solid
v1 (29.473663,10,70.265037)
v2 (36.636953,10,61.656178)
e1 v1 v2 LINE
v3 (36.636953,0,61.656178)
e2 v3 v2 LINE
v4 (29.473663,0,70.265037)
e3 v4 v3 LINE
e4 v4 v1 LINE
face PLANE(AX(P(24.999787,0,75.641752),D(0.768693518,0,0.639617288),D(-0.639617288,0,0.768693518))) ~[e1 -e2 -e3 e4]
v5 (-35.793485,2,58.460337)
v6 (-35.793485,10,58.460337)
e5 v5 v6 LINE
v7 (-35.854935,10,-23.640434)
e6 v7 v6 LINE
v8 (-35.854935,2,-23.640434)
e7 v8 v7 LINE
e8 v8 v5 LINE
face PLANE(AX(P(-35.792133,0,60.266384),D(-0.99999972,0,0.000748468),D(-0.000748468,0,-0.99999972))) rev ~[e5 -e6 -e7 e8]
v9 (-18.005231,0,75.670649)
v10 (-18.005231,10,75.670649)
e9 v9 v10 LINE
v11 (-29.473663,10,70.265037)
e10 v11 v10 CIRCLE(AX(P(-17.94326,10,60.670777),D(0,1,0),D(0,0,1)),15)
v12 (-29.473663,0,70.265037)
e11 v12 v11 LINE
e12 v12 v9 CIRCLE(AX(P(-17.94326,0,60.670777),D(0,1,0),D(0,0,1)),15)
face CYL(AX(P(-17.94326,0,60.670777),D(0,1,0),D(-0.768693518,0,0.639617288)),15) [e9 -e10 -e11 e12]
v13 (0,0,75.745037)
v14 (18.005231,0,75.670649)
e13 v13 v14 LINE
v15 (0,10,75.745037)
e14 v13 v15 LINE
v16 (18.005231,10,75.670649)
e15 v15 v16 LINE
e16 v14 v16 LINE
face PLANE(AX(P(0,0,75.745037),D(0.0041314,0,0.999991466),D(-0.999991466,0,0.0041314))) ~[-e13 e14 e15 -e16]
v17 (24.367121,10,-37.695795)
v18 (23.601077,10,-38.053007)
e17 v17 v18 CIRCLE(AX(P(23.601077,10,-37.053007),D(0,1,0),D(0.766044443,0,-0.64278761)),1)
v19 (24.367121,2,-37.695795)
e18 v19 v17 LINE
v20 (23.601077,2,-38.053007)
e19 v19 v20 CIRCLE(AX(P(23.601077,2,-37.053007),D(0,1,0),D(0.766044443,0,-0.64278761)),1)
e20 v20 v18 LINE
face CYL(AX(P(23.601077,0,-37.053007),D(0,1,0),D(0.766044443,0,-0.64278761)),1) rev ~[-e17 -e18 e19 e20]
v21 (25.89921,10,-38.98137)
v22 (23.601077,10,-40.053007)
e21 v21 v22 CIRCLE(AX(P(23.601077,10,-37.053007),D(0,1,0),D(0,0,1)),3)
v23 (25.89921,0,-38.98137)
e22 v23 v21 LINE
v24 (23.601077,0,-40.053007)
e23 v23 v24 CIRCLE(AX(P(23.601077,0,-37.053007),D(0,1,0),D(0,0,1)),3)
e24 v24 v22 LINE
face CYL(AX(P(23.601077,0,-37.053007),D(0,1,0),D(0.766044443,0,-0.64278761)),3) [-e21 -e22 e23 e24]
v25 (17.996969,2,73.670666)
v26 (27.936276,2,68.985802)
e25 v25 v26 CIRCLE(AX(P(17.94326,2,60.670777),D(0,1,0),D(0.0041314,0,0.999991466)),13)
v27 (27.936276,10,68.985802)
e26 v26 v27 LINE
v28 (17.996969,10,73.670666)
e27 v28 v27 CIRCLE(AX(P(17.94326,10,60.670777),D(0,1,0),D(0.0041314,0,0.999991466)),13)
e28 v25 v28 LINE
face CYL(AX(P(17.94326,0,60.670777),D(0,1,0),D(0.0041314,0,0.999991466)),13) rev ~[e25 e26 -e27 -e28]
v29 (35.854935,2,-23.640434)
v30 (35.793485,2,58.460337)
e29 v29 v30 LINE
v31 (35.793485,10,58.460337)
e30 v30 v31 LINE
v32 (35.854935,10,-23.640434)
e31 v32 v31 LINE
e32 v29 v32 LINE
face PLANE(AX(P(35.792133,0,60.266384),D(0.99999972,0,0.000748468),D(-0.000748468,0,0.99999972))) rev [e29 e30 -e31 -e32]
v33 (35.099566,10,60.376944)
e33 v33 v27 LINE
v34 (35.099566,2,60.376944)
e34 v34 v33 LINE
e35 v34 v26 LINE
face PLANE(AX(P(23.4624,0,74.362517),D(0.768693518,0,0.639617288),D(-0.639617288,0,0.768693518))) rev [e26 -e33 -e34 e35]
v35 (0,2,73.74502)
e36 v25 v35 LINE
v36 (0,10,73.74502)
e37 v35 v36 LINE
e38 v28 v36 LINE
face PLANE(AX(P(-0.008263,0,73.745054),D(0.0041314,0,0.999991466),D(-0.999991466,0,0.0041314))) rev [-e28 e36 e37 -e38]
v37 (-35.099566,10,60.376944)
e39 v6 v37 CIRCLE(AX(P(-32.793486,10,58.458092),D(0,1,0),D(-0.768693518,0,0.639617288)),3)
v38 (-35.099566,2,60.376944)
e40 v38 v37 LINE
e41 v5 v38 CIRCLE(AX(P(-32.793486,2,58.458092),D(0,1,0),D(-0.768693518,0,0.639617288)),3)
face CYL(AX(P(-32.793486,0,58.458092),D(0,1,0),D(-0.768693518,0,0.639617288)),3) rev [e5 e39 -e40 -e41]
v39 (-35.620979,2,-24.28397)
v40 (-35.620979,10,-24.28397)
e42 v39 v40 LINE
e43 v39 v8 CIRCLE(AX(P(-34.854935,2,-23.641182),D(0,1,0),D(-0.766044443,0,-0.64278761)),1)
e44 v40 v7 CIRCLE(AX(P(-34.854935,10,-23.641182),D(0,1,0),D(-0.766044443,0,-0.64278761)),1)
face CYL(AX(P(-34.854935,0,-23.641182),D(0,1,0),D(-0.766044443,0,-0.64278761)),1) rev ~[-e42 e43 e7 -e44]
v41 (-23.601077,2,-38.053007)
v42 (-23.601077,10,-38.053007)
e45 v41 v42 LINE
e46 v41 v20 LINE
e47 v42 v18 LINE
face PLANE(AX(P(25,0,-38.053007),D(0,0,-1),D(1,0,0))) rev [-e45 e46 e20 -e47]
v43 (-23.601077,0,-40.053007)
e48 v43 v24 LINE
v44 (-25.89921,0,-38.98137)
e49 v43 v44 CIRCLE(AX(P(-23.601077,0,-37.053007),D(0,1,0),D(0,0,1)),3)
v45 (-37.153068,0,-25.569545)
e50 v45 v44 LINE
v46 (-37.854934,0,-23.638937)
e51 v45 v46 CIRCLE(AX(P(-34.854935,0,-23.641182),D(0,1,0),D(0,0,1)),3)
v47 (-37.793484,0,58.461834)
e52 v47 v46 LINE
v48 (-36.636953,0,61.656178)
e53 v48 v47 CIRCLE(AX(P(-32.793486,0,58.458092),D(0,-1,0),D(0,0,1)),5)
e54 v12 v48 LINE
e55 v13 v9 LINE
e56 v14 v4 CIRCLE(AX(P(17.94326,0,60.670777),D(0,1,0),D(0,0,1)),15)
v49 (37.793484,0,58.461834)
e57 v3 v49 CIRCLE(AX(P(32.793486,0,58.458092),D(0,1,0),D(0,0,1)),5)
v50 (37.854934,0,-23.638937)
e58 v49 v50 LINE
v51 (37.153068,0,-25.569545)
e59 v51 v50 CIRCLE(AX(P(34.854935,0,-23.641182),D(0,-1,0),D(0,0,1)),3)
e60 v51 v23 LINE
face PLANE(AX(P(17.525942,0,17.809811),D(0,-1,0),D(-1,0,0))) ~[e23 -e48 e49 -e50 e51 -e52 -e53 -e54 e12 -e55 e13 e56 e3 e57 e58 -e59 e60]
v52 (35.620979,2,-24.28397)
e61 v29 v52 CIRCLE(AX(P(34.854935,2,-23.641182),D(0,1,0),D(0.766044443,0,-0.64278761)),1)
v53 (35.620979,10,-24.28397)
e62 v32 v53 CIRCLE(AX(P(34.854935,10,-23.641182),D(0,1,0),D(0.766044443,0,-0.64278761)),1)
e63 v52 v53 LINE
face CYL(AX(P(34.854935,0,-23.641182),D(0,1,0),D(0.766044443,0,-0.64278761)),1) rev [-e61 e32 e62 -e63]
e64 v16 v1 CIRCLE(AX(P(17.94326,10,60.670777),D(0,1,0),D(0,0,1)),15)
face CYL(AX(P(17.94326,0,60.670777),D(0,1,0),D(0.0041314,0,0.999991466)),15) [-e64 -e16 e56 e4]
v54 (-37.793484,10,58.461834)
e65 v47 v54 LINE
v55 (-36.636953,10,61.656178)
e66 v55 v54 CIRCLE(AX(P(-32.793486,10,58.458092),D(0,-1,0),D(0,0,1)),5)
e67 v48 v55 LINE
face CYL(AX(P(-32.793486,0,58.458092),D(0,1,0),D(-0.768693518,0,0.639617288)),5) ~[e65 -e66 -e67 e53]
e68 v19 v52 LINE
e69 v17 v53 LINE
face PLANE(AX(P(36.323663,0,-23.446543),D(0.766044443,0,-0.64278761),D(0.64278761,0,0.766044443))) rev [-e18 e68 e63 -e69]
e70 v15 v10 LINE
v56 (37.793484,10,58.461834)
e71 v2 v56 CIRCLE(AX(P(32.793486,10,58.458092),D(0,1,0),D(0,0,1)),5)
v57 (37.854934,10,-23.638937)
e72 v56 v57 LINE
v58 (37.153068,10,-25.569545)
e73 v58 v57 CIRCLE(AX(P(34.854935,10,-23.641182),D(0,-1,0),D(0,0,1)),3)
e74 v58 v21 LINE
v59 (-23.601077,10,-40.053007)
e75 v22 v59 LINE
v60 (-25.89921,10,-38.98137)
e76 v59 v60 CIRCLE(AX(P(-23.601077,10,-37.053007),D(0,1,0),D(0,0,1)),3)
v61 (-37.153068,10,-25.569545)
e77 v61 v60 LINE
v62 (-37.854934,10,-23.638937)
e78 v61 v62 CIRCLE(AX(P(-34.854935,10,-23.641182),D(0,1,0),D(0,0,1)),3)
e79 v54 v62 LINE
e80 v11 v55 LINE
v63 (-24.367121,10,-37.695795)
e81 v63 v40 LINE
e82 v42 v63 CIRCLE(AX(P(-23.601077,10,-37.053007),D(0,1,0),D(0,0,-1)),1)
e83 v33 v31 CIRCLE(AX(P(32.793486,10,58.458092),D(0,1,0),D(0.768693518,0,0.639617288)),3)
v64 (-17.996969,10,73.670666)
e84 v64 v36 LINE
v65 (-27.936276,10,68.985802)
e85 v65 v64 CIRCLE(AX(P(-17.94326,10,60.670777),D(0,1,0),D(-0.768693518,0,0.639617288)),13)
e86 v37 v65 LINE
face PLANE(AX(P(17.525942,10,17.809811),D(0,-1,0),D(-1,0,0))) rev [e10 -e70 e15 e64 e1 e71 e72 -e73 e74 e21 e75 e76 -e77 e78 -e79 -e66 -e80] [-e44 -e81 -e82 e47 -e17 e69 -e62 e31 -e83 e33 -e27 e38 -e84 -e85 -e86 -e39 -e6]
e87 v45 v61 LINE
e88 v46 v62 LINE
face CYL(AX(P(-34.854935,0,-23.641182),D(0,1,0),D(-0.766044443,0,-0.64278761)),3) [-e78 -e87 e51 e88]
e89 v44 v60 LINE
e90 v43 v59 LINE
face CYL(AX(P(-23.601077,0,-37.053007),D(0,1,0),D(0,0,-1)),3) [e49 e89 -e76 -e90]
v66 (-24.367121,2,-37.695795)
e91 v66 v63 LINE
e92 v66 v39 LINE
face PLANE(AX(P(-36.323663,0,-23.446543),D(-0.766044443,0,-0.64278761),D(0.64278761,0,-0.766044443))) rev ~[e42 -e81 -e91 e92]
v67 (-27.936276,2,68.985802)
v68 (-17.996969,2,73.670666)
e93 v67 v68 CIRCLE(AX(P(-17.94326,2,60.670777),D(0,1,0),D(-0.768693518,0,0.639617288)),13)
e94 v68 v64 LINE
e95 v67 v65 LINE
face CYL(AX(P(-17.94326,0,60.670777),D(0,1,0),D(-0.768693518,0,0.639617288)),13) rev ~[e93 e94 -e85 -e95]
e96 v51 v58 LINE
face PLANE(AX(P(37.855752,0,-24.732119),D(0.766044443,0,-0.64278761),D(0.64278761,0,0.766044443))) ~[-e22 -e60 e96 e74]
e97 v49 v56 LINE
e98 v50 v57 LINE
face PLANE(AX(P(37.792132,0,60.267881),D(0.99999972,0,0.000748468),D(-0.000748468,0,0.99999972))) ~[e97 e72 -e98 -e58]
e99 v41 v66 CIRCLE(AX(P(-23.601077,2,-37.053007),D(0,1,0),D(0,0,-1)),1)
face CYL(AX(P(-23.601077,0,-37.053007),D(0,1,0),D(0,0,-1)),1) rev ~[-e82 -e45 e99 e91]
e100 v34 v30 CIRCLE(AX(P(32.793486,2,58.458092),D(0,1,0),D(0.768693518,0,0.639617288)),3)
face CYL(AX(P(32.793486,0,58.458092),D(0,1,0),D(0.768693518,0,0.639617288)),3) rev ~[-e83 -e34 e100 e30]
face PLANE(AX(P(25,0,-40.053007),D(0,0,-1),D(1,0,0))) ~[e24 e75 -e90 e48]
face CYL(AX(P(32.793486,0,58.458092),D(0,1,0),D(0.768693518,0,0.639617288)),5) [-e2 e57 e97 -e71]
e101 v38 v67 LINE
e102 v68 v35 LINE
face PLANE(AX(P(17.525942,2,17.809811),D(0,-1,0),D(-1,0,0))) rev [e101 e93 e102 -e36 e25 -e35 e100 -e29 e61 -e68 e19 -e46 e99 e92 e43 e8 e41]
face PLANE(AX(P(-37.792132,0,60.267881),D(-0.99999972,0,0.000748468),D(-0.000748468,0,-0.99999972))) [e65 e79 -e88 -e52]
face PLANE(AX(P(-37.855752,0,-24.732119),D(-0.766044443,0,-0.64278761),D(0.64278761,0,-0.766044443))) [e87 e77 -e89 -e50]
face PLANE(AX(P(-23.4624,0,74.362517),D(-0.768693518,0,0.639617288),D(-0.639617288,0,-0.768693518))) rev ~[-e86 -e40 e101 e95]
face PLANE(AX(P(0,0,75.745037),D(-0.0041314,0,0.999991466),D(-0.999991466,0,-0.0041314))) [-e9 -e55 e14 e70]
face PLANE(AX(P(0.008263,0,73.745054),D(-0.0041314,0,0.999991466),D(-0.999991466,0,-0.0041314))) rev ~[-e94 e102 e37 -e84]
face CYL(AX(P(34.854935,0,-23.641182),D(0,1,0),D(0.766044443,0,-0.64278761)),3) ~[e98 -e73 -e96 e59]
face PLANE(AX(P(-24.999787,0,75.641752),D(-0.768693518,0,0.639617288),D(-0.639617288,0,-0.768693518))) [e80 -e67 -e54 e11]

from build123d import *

# Parameters (mm, degrees)
AUFSATZ_LINEAR_AUSTRAGEN1_DEPTH = 10
VERRUNDUNG11_R                  = 15
VERRUNDUNG12_R                  = 5
VERRUNDUNG13_R                  = 3
VERRUNDUNG14_R                  = 3
WANDUNG1_T                      = -2


with BuildPart() as part:
    # Skizze1 → Aufsatz-Linear austragen1 (new body)
    with BuildSketch(Plane(origin=(0, 0, 0), x_dir=(1, 0, 0), z_dir=(0, 1, 0))):
        Polygon((0, -75.745036748), (-24.999786643, -75.641751751), (-37.792132404, -60.267881388), (-37.855752194, 24.732118612), (-25, 40.053007474), (0, 40.053007474), align=None)
    aufsatz_linear_austragen1 = extrude(amount=AUFSATZ_LINEAR_AUSTRAGEN1_DEPTH)

    # Spiegeln1: Aufsatz-Linear austragen1 across plane
    add(aufsatz_linear_austragen1.mirror(Plane(origin=(0, 0, 0), x_dir=(0, 0, 1), z_dir=(1, 0, 0))))

    # Verrundung11
    verrundung11_edges = [part.edges().sort_by_distance(p)[0] for p in [
        (-24.999786643, 5, 75.641751751),
        (24.999786643, 5, 75.641751751),
    ]]
    fillet(verrundung11_edges, radius=VERRUNDUNG11_R)

    # Verrundung12
    verrundung12_edges = [part.edges().sort_by_distance(p)[0] for p in [
        (-37.792132404, 5, 60.267881388),
        (37.792132404, 5, 60.267881388),
    ]]
    fillet(verrundung12_edges, radius=VERRUNDUNG12_R)

    # Verrundung13
    verrundung13_edges = [part.edges().sort_by_distance(p)[0] for p in [
        (-25, 5, -40.053007474),
        (25, 5, -40.053007474),
    ]]
    fillet(verrundung13_edges, radius=VERRUNDUNG13_R)

    # Verrundung14
    verrundung14_edges = [part.edges().sort_by_distance(p)[0] for p in [
        (-37.855752194, 5, -24.732118612),
        (37.855752194, 5, -24.732118612),
    ]]
    fillet(verrundung14_edges, radius=VERRUNDUNG14_R)

    # Wandung1
    wandung1_openings = [part.faces().sort_by_distance(p)[0] for p in [
        (0, 10, 17.703317915),
    ]]
    offset(amount=WANDUNG1_T, openings=wandung1_openings, kind=Kind.INTERSECTION)


solid = part.part
